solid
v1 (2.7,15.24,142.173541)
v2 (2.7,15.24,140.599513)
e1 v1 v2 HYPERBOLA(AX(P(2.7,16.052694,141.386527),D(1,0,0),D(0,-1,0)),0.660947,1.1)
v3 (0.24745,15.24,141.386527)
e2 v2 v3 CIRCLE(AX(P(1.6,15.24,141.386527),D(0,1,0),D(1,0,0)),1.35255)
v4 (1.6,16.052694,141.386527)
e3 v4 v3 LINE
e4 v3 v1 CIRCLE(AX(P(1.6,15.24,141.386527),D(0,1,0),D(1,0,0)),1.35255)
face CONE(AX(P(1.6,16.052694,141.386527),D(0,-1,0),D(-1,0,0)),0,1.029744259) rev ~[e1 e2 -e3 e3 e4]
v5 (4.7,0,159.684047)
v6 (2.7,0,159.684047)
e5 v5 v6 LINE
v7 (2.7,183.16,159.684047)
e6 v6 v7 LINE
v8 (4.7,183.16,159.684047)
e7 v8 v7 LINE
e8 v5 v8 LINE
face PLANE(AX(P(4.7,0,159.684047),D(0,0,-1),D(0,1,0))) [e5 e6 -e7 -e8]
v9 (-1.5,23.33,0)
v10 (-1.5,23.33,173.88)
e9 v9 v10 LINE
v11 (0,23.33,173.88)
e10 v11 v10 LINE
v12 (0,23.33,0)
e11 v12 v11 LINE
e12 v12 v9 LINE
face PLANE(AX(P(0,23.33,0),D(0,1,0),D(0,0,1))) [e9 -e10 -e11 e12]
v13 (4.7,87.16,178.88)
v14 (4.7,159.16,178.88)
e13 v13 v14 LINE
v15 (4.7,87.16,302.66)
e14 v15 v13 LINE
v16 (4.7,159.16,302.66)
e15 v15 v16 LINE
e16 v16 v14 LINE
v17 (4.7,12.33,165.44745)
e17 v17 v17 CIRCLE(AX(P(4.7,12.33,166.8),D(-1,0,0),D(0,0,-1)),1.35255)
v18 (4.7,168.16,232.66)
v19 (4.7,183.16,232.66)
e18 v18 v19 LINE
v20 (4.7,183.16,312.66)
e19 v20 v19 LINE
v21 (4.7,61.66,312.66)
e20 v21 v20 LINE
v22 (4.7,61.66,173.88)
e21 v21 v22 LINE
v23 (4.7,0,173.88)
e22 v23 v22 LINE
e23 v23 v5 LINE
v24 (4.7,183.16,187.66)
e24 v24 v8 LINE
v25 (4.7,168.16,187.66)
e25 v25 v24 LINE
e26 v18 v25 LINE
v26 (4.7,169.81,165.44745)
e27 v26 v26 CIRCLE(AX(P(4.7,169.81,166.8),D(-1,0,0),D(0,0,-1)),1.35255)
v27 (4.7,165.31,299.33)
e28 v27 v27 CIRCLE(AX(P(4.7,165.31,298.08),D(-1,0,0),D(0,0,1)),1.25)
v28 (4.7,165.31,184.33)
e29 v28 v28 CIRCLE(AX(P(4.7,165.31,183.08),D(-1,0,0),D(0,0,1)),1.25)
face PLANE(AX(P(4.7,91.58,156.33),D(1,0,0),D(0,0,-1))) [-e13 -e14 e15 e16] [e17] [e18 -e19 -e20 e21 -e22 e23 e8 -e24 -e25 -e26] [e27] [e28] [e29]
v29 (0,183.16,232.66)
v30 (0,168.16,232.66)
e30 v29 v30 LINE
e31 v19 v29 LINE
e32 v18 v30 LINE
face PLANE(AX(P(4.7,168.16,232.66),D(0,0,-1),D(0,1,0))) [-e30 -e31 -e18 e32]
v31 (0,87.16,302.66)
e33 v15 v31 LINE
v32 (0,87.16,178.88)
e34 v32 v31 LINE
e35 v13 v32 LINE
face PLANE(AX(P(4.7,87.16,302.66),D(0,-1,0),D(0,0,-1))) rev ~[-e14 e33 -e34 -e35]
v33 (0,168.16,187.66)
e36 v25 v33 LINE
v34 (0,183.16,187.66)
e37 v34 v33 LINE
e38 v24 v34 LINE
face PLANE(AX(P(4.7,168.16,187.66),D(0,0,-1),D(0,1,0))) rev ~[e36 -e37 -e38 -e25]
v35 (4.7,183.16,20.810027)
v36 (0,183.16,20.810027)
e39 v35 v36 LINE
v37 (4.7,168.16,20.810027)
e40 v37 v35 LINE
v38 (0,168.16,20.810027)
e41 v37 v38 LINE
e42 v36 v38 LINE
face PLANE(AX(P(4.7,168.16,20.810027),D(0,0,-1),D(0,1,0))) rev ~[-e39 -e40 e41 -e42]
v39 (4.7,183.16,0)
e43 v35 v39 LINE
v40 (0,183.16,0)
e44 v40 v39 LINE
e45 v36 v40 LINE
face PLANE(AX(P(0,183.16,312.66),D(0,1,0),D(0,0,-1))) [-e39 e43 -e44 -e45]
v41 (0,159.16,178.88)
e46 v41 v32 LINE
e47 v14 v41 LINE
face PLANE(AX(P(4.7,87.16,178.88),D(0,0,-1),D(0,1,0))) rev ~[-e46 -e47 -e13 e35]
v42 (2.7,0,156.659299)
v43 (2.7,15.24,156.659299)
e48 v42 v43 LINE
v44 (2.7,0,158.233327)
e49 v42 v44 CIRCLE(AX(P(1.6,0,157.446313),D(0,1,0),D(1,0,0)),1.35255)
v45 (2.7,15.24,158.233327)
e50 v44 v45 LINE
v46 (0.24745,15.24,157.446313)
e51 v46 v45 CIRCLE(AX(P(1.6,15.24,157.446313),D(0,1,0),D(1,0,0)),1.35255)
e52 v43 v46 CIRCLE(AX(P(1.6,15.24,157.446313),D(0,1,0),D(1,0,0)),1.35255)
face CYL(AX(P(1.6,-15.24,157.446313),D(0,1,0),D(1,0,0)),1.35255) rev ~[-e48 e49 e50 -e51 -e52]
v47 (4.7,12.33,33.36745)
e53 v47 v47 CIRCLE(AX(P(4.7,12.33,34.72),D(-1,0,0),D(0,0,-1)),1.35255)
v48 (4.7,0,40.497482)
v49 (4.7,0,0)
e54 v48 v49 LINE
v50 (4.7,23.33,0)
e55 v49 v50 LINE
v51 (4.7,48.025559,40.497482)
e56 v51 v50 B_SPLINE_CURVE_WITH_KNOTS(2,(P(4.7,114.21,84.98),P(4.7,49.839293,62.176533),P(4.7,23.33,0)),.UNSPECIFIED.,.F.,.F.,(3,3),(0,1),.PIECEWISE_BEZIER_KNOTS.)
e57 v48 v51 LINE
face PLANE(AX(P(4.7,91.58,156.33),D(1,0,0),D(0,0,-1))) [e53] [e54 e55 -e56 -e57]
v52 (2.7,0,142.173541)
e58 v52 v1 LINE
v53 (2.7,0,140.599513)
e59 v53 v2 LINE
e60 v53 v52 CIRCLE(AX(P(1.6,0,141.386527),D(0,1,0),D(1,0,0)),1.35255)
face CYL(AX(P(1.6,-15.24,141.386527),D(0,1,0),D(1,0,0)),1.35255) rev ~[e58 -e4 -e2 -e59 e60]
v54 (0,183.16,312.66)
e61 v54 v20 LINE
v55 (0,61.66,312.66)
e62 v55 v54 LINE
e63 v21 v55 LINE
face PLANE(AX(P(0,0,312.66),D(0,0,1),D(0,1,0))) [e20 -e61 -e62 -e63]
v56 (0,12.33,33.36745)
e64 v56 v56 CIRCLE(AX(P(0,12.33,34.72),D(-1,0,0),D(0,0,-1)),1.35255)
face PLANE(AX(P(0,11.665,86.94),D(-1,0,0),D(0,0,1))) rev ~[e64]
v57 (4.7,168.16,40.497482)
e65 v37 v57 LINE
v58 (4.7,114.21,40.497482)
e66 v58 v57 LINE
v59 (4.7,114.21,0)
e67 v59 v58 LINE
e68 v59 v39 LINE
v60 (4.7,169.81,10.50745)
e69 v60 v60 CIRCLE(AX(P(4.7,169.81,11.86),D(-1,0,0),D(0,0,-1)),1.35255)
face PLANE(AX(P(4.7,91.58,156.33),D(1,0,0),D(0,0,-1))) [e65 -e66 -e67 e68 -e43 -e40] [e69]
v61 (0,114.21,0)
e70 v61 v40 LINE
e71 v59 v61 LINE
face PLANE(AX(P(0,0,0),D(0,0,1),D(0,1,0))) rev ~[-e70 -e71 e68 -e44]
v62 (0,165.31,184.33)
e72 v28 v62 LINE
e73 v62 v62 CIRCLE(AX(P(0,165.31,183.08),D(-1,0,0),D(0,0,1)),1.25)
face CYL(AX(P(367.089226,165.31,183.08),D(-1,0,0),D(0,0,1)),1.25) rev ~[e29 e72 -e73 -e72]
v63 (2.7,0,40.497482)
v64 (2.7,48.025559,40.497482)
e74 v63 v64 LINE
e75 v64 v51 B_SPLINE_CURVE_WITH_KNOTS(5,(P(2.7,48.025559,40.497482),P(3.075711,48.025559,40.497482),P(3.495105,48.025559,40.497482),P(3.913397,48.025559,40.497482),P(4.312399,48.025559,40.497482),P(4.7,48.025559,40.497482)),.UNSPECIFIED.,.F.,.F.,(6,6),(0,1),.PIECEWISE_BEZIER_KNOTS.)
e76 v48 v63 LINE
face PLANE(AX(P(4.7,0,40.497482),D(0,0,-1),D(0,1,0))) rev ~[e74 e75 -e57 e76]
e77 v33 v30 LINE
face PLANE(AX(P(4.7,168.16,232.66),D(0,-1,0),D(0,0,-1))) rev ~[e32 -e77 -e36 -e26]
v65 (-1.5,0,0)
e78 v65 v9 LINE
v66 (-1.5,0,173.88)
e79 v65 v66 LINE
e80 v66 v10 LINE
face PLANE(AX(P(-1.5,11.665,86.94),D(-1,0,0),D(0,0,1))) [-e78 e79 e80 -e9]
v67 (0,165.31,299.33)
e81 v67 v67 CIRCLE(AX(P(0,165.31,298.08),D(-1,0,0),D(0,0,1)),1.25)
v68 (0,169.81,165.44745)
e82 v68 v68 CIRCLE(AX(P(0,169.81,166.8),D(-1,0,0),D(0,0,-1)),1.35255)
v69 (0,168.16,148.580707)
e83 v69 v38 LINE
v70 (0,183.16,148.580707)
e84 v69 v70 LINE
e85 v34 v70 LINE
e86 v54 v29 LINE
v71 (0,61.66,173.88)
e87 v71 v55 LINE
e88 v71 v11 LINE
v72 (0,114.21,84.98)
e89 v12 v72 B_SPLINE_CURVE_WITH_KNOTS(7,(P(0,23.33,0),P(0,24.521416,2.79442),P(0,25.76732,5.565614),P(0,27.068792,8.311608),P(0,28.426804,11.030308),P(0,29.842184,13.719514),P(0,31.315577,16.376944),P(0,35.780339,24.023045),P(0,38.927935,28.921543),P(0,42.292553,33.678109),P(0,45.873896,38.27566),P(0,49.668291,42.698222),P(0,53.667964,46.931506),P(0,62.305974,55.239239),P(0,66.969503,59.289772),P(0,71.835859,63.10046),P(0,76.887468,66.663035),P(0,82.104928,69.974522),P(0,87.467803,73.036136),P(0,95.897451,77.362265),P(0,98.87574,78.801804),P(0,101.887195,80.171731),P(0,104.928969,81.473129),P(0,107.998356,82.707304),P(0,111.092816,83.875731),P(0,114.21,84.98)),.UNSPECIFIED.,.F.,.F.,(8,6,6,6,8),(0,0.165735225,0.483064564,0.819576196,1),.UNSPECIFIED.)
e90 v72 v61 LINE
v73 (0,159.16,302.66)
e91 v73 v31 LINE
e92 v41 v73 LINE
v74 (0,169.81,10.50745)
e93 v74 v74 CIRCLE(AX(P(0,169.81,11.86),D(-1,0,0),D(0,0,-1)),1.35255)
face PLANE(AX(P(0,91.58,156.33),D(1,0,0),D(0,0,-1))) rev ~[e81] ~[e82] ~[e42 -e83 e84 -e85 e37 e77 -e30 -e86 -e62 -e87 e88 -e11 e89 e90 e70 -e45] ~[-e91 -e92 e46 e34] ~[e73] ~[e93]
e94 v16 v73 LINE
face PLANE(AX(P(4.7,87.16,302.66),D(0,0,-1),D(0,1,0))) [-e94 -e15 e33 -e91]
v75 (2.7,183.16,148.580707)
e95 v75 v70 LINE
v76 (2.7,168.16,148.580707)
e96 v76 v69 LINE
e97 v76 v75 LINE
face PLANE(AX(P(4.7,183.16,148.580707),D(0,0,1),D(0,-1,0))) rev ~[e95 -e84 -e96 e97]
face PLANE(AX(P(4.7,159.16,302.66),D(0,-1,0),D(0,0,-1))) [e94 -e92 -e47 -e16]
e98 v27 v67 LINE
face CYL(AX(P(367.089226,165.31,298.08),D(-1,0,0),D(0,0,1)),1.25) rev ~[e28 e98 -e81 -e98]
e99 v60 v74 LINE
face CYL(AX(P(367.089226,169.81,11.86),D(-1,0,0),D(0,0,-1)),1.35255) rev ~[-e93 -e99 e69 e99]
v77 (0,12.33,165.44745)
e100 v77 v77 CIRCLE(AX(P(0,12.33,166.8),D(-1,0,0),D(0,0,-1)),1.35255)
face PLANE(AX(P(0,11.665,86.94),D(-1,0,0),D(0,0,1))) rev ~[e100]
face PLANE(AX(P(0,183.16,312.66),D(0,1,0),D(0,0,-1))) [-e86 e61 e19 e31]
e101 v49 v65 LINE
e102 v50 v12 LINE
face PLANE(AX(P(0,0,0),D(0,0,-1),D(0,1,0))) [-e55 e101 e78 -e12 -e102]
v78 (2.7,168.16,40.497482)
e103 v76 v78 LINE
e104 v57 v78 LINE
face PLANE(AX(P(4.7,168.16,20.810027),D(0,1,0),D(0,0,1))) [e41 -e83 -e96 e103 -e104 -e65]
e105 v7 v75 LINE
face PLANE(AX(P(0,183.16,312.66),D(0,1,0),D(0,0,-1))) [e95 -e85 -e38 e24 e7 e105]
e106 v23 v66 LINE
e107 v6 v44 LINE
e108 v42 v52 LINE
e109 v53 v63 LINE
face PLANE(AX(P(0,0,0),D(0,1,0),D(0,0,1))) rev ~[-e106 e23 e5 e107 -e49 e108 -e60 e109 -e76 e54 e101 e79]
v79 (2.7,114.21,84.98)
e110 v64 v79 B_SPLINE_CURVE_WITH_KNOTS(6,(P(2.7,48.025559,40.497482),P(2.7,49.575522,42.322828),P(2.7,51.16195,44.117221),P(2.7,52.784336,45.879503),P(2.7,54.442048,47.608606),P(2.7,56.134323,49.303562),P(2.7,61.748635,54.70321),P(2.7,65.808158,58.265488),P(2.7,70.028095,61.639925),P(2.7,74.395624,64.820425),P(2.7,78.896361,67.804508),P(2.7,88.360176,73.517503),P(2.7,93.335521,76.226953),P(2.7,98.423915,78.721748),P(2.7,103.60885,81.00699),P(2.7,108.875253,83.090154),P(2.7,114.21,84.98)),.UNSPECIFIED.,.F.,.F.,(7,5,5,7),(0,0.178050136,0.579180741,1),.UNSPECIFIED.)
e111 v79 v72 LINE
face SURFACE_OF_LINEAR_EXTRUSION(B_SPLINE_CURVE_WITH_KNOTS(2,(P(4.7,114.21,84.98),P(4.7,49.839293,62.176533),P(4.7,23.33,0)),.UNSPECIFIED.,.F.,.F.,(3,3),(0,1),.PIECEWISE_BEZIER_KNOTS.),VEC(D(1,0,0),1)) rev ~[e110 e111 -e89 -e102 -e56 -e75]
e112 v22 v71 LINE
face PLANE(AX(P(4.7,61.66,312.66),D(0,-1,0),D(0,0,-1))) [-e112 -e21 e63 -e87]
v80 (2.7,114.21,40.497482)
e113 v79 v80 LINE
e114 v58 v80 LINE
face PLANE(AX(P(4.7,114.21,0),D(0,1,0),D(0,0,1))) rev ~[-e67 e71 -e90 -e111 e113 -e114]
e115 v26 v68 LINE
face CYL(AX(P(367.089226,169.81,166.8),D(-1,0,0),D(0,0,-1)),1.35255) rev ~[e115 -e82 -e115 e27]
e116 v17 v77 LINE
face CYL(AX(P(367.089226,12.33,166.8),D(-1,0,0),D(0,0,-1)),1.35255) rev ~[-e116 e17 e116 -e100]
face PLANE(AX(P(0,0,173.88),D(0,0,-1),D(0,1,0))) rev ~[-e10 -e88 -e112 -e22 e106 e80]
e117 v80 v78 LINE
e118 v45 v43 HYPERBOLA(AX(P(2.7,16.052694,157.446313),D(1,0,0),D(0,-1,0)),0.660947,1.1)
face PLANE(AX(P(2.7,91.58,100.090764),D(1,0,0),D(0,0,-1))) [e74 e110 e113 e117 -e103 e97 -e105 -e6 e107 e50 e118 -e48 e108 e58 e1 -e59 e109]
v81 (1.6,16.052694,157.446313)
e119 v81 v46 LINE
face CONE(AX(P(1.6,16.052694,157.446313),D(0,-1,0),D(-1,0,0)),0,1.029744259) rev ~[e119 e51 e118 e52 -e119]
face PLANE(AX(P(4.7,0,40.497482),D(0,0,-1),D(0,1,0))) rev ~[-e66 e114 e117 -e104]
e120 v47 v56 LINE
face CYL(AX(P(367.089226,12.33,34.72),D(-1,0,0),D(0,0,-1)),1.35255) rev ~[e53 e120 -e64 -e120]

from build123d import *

# Parameters (mm, degrees)
SKETCH1_W                     = 312.66
SKETCH1_H                     = 183.16
BODY_DEPTH                    = 4.7
F_6_32_TAPPED_HOLE1_D         = 2.7051
RISER_CABLE_CUTOUT_REACH      = 364.389
EXPANSION_CUTOUT_REACH        = 364.389
SKETCH11_W                    = 138.78
SKETCH11_H                    = 61.66
PSU_CABLE_CUTOUT_REACH        = 364.389
SKETCH20_W                    = 45
SKETCH20_H                    = 15
SSD_ACCESS_CUTOUT_REACH       = 364.389
SKETCH22_W                    = 123.78
SKETCH22_H                    = 72
TAP_DRILL_FOR_M3X0_5_TAP1_D   = 2.5
HOLE_IN_STOCK_REACH           = 364.389
SKETCH33_W                    = 173.88
SKETCH33_H                    = 23.33
BOSS_EXTRUDE1_DEPTH           = 1.5
TAP_DRILL_FOR_6_32_TAP1_D     = 2.7051
TAP_DRILL_FOR_6_32_TAP1_DEPTH = 15.24
TAP_DRILL_FOR_6_32_TAP1_TIP   = 0.81269403
SKETCH32_W                    = 119.186565276
SKETCH32_H                    = 183.16
CUT_EXTRUDE1_DEPTH            = 2


with BuildPart() as part:
    # Sketch1 → body (new body)
    with BuildSketch(Plane(origin=(0, 0, 0), x_dir=(0, 0, -1), z_dir=(1, 0, 0))):
        with Locations((-156.33, 91.58)):
            Rectangle(SKETCH1_W, SKETCH1_H)
    extrude(amount=BODY_DEPTH)

    # #6-32 Tapped Hole1 (through all)
    with Locations(Plane(origin=(4.7, 169.81, 166.8), x_dir=(0, 0, 1), z_dir=(1, 0, 0))):
        with Locations((0, 0), (-154.94, 0), (-132.08, 157.48), (0, 157.48)):
            Hole(F_6_32_TAPPED_HOLE1_D / 2)

    # Sketch8 → riser-cable-cutout (cut, up to next)
    with BuildSketch(Plane(origin=(4.7, 0, 0), x_dir=(0, 0, -1), z_dir=(1, 0, 0)), mode=Mode.PRIVATE) as riser_cable_cutout_sk1:
        Polygon((-148.58070669, 183.16), (-20.810027071, 183.16), (-20.810027071, 176.16), (-20.810027071, 168.16), (-148.58070669, 168.16), (-148.58070669, 176.16), align=None)
    riser_cable_cutout_tool1 = extrude(riser_cable_cutout_sk1.sketch, amount=-RISER_CABLE_CUTOUT_REACH, mode=Mode.PRIVATE) & part.part
    add(riser_cable_cutout_tool1.solids().sort_by_distance((4.7, 175.66, 84.695367))[0], mode=Mode.SUBTRACT)

    # Sketch11 → expansion-cutout (cut, up to next)
    with BuildSketch(Plane(origin=(4.7, 0, 0), x_dir=(0, 0, -1), z_dir=(1, 0, 0)), mode=Mode.PRIVATE) as expansion_cutout_sk1:
        with Locations((-243.27, 30.83)):
            Rectangle(SKETCH11_W, SKETCH11_H)
    expansion_cutout_tool1 = extrude(expansion_cutout_sk1.sketch, amount=-EXPANSION_CUTOUT_REACH, mode=Mode.PRIVATE) & part.part
    add(expansion_cutout_tool1.solids().sort_by_distance((4.7, 30.83, 243.27))[0], mode=Mode.SUBTRACT)

    # Sketch20 → psu-cable-cutout (cut, up to next)
    with BuildSketch(Plane(origin=(4.7, 0, 0), x_dir=(0, 0, -1), z_dir=(1, 0, 0)), mode=Mode.PRIVATE) as psu_cable_cutout_sk1:
        with Locations((-210.16, 175.66)):
            Rectangle(SKETCH20_W, SKETCH20_H)
    psu_cable_cutout_tool1 = extrude(psu_cable_cutout_sk1.sketch, amount=-PSU_CABLE_CUTOUT_REACH, mode=Mode.PRIVATE) & part.part
    add(psu_cable_cutout_tool1.solids().sort_by_distance((4.7, 175.66, 210.16))[0], mode=Mode.SUBTRACT)

    # Sketch22 → ssd-access-cutout (cut, up to next)
    with BuildSketch(Plane(origin=(4.7, 0, 0), x_dir=(0, 0, -1), z_dir=(1, 0, 0)), mode=Mode.PRIVATE) as ssd_access_cutout_sk1:
        with Locations((-240.77, 123.16)):
            Rectangle(SKETCH22_W, SKETCH22_H)
    ssd_access_cutout_tool1 = extrude(ssd_access_cutout_sk1.sketch, amount=-SSD_ACCESS_CUTOUT_REACH, mode=Mode.PRIVATE) & part.part
    add(ssd_access_cutout_tool1.solids().sort_by_distance((4.7, 123.16, 240.77))[0], mode=Mode.SUBTRACT)

    # Tap Drill for M3x0.5 Tap1 (through all)
    with Locations(Plane(origin=(4.7, 0, 0), x_dir=(0, 0, -1), z_dir=(1, 0, 0))):
        with Locations((-298.08, 165.31), (-183.08, 165.31)):
            Hole(TAP_DRILL_FOR_M3X0_5_TAP1_D / 2)

    # Sketch27 → hole-in-stock (cut, up to next)
    with BuildSketch(Plane(origin=(4.7, 0, 0), x_dir=(0, 0, -1), z_dir=(1, 0, 0)), mode=Mode.PRIVATE) as hole_in_stock_sk1:
        with BuildLine():
            Line((0, 114.21), (-84.98, 114.21))
            add(Edge.make_bspline(
                [(-84.98, 114.21), (-62.176533149, 49.839292815), (0, 23.33)],
                knots=[0, 0, 0, 1, 1, 1], degree=2))
            Line((0, 23.33), (0, 114.21))
        make_face()
    hole_in_stock_tool1 = extrude(hole_in_stock_sk1.sketch, amount=-HOLE_IN_STOCK_REACH, mode=Mode.PRIVATE) & part.part
    add(hole_in_stock_tool1.solids().sort_by_distance((4.7, 79.62289, 32.431716))[0], mode=Mode.SUBTRACT)

    # Sketch33 → Boss-Extrude1 (add)
    with BuildSketch(Plane.ZY):
        with Locations((86.94, 11.665)):
            Rectangle(SKETCH33_W, SKETCH33_H)
    extrude(amount=BOSS_EXTRUDE1_DEPTH)

    # Tap Drill for #6-32 Tap1
    with Locations(Plane(origin=(0, 0, 0), x_dir=(-1, 0, 0), z_dir=(0, -1, 0))):
        with Locations((-1.6, -157.446313124), (-1.6, -141.386526913)):
            Hole(TAP_DRILL_FOR_6_32_TAP1_D / 2, depth=TAP_DRILL_FOR_6_32_TAP1_DEPTH)
            with Locations((0, 0, -(TAP_DRILL_FOR_6_32_TAP1_DEPTH + TAP_DRILL_FOR_6_32_TAP1_TIP / 2))):  # 118° drill point
                Cone(0, TAP_DRILL_FOR_6_32_TAP1_D / 2, TAP_DRILL_FOR_6_32_TAP1_TIP, mode=Mode.SUBTRACT)

    # Sketch32 → Cut-Extrude1 (cut)
    with BuildSketch(Plane(origin=(4.7, 0, 0), x_dir=(0, 0, -1), z_dir=(1, 0, 0))):
        with Locations((-100.09076437, 91.58)):
            Rectangle(SKETCH32_W, SKETCH32_H)
    extrude(amount=-CUT_EXTRUDE1_DEPTH, mode=Mode.SUBTRACT)


solid = part.part
